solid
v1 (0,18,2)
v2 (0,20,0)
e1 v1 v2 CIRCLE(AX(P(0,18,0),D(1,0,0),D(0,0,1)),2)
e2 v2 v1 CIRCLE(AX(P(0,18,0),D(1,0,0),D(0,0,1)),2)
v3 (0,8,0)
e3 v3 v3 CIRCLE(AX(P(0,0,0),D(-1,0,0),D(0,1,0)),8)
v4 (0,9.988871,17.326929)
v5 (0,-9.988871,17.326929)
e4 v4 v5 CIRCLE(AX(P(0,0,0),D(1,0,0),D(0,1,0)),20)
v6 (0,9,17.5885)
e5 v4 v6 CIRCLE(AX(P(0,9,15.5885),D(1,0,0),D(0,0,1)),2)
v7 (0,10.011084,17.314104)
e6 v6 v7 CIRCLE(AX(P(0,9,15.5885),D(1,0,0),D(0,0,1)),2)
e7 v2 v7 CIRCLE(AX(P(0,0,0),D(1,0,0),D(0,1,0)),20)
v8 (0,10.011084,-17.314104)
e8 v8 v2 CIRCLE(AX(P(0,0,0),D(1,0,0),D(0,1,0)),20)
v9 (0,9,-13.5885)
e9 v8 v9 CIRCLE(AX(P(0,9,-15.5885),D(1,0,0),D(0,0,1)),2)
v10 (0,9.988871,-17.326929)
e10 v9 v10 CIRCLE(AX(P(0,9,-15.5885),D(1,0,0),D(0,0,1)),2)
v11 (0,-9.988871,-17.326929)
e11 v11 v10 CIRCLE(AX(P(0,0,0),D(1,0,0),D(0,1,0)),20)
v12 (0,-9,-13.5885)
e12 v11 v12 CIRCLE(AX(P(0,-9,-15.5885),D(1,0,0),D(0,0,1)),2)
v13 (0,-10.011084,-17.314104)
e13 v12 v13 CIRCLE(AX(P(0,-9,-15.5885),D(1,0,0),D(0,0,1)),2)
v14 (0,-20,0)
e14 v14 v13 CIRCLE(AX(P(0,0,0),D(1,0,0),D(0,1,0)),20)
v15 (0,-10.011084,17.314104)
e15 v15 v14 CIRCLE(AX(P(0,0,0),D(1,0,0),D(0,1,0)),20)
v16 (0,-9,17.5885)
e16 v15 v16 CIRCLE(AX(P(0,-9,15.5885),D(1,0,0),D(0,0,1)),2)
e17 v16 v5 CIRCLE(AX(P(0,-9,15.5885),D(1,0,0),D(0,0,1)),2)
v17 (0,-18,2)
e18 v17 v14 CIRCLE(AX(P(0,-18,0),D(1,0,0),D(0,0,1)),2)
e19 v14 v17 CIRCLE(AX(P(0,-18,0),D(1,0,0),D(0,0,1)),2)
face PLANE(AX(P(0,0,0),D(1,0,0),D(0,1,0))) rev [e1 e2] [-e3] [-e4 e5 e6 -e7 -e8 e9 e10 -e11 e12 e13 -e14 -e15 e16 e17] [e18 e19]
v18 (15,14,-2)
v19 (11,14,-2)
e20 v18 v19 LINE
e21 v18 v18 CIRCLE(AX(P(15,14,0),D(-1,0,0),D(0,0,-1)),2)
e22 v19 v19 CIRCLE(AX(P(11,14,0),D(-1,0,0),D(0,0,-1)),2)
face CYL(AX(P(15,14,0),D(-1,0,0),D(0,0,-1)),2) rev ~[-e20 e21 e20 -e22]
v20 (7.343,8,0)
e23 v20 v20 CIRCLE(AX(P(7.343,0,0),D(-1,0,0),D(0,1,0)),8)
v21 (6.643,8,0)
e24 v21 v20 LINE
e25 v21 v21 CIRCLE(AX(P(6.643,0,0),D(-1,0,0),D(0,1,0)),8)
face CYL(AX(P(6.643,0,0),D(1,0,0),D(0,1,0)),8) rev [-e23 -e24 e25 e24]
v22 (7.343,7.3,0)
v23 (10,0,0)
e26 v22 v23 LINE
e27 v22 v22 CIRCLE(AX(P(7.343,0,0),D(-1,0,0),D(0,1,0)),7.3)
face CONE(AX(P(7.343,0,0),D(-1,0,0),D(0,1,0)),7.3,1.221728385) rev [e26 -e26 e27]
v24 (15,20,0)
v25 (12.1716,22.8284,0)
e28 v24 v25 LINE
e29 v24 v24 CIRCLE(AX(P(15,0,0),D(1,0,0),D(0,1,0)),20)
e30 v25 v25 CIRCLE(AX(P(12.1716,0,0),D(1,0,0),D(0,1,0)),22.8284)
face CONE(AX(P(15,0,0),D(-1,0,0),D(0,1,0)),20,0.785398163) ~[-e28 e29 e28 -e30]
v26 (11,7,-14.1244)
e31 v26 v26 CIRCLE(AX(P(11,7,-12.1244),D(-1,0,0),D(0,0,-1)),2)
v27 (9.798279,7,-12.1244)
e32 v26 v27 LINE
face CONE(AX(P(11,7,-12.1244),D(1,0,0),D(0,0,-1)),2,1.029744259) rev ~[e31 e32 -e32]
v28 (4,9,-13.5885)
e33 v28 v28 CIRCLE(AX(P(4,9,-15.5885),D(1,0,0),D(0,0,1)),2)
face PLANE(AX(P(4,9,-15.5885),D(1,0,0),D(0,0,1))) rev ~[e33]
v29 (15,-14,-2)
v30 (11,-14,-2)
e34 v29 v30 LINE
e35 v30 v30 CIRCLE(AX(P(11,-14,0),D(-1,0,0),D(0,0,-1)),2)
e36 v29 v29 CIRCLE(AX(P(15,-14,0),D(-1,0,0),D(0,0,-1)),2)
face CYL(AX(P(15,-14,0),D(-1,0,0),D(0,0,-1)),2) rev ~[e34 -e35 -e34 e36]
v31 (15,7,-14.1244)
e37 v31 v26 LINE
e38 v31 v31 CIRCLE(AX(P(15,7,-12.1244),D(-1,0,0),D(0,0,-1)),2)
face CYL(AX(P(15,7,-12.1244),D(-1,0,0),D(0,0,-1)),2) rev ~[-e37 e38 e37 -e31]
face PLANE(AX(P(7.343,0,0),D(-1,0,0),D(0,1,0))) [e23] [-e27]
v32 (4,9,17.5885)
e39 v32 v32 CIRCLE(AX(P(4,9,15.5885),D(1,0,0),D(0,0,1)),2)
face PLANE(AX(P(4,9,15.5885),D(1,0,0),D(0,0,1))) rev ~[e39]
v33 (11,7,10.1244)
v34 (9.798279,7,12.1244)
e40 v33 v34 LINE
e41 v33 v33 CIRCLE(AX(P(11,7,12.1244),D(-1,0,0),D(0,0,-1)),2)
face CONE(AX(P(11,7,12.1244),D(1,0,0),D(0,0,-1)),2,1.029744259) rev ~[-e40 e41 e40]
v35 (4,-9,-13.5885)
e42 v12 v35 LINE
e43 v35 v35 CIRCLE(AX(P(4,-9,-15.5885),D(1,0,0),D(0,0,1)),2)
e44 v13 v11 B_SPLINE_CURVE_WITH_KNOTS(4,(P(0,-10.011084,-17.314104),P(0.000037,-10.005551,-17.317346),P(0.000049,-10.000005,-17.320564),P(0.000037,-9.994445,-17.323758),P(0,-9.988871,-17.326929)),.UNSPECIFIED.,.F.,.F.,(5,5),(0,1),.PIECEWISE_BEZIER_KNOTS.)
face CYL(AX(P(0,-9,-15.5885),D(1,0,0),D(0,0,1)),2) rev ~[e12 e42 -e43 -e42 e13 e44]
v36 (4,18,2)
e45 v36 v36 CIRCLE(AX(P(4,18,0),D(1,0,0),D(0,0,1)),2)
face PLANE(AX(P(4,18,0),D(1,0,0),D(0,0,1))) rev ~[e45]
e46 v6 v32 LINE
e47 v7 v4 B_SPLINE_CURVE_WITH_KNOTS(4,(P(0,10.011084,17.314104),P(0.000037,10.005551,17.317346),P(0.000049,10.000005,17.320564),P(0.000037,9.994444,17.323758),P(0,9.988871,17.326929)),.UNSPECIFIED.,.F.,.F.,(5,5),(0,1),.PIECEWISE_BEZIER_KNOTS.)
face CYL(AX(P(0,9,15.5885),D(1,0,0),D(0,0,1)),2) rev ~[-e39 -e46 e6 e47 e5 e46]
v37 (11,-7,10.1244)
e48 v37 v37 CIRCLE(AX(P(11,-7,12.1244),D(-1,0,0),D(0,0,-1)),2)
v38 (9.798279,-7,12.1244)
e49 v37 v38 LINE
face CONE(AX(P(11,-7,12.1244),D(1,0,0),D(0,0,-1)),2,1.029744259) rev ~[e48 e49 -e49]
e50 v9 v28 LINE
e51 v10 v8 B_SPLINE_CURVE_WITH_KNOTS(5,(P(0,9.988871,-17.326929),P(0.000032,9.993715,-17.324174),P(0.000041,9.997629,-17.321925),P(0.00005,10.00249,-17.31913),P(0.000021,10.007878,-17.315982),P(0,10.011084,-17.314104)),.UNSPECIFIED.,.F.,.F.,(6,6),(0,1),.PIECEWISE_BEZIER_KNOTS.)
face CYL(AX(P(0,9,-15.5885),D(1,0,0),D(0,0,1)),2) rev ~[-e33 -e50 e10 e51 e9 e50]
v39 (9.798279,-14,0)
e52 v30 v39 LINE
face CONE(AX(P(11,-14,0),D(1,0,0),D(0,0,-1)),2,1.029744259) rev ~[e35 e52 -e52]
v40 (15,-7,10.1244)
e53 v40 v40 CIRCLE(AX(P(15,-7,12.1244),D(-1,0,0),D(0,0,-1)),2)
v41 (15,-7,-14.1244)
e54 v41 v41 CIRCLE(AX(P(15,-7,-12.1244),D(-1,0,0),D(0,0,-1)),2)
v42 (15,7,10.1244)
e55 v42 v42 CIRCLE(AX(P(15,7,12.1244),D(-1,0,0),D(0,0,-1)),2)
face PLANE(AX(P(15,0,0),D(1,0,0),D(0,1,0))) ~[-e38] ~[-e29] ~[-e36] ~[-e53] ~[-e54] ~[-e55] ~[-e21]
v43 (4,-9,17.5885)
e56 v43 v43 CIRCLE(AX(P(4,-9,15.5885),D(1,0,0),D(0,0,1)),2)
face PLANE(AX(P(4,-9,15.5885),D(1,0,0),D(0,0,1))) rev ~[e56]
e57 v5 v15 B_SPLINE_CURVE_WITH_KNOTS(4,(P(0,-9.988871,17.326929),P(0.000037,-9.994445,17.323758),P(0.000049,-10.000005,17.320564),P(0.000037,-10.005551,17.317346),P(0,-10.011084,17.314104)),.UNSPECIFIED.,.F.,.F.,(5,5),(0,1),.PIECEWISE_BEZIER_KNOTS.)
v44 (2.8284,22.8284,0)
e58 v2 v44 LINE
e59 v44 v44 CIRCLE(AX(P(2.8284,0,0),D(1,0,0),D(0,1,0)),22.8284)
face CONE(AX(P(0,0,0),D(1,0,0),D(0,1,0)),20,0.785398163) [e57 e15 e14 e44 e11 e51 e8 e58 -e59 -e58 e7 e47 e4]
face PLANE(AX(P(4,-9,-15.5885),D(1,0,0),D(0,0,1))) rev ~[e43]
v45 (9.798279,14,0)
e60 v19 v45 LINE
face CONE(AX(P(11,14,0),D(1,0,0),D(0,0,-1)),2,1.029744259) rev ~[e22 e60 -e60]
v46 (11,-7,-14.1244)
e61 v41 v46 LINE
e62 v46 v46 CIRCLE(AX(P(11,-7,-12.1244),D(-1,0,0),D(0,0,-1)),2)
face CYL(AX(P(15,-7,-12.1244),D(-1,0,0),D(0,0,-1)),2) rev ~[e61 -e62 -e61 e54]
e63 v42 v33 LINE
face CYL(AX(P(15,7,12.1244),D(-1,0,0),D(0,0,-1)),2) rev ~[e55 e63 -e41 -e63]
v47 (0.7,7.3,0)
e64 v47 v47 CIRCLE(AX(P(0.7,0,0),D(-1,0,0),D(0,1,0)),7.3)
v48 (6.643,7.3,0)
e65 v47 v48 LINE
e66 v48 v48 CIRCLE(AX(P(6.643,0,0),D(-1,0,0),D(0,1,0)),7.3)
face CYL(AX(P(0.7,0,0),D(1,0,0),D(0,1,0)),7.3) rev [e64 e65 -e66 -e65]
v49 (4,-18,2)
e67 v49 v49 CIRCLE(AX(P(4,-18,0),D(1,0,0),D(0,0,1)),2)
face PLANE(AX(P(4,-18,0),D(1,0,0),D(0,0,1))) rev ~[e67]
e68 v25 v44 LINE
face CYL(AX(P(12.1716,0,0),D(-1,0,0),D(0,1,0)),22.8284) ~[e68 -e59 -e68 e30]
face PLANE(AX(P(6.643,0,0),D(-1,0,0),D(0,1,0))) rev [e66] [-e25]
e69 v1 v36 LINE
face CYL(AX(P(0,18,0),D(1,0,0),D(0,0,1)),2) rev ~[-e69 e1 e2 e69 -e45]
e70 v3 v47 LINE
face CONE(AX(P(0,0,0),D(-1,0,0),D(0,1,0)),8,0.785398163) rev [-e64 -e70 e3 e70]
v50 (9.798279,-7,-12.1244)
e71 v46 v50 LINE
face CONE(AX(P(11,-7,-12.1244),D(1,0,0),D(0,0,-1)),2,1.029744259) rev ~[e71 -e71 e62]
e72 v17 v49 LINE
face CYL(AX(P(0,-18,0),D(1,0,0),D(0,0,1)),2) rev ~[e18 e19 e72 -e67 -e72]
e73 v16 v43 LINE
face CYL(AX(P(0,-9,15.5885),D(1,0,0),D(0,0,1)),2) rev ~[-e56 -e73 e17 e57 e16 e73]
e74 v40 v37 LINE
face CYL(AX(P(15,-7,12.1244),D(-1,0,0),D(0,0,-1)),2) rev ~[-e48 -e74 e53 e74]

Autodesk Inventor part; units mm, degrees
ref_plane "YZ Plane" through (0, 0, 0) normal (1, 0, 0) x (0, 1, 0)
ref_plane "XZ Plane" through (0, 0, 0) normal (0, 1, 0) x (-1, 0, 0)
ref_plane "XY Plane" through (0, 0, 0) normal (0, 0, 1) x (1, 0, 0)
sketch "Эскиз1" plane through (0, 0, 0) normal (0, 0, 1) x (1, 0, 0)
  line L0 (0, 0) -> (0, 20)
  line L1 (0, 20) -> (2.8284, 22.8284)
  line L2 (0, 0) -> (15, 0)
  line L3 (15, 0) -> (15, 20)
  line L4 (15, 20) -> (12.1716, 22.8284)
  line L5 (12.1716, 22.8284) -> (2.8284, 22.8284)
  dimension "d0" = 20
  dimension "d1" = 4
  dimension "d2" = 135
  dimension "d3" = 15
  dimension "d4" = 4
  dimension "d5" = 135
revolve "Вращение1" add sketch "Эскиз1" angle 360 about axis through (0, 0, 0) along (1, 0, 0)
sketch "Эскиз2" plane through (0, 0, 0) normal (-1, 0, 0) x (0, 0, 1)
  point P0 (0, 0)
  point P1 (0, 18)
  point P2 (-15.5885, 9)
  point P3 (-15.5885, -9)
  point P4 (0, -18)
  point P5 (15.5885, -9)
  point P6 (15.5885, 9)
  dimension "d7" = 18
  dimension "d10" = 360
hole "Отверстие1" at (0, 18, 0) at (0, 9, -15.5885) at (0, -9, -15.5885) at (0, -18, 0) at (0, -9, 15.5885) at (0, 9, 15.5885) direction (1, 0, 0) diameter 4 depth 4
sketch "Эскиз3" plane through (15, 0, 0) normal (1, 0, 0) x (0, 0, -1)
  point P0 (0, 0)
  point P1 (0, 14)
  point P2 (-12.1244, 7)
  point P3 (-12.1244, -7)
  point P4 (0, -14)
  point P5 (12.1244, -7)
  point P6 (12.1244, 7)
  dimension "d19" = 14
  dimension "d22" = 360
hole "Отверстие2" at (15, 14, 0) at (15, 7, 12.1244) at (15, -7, 12.1244) at (15, -14, 0) at (15, -7, -12.1244) at (15, 7, -12.1244) direction (-1, 0, 0) diameter 4 depth 4 tip angle 118
sketch "Эскиз4" plane through (0, 0, 0) normal (0, 0, 1) x (1, 0, 0)
  line L0 (0, 0) -> (0, 8)
  line L1 (0, -10) -> (0, 10) projected
  line L2 (0, 8) -> (0.7, 7.3)
  line L3 (0, 8) -> (0.9899, 8) construction
  line L4 (0.7, 7.3) -> (6.643, 7.3)
  line L5 (6.643, 7.3) -> (6.643, 8)
  line L6 (6.643, 8) -> (7.343, 8)
  line L7 (7.343, 8) -> (7.343, 7.3)
  line L8 (7.343, 7.3) -> (10, 0)
  line L9 (10, 0) -> (0, 0)
  dimension "d31" = 45
  dimension "d32" = 70
  dimension "d33" = 8
  dimension "d35" = 0.7
  dimension "d36" = 0.7
  dimension "d37" = 10
revolve "Вращение2" cut sketch "Эскиз4" angle 360 about axis through (10, 0, 0) along (-1, 0, 0)
properties part number "711136"
